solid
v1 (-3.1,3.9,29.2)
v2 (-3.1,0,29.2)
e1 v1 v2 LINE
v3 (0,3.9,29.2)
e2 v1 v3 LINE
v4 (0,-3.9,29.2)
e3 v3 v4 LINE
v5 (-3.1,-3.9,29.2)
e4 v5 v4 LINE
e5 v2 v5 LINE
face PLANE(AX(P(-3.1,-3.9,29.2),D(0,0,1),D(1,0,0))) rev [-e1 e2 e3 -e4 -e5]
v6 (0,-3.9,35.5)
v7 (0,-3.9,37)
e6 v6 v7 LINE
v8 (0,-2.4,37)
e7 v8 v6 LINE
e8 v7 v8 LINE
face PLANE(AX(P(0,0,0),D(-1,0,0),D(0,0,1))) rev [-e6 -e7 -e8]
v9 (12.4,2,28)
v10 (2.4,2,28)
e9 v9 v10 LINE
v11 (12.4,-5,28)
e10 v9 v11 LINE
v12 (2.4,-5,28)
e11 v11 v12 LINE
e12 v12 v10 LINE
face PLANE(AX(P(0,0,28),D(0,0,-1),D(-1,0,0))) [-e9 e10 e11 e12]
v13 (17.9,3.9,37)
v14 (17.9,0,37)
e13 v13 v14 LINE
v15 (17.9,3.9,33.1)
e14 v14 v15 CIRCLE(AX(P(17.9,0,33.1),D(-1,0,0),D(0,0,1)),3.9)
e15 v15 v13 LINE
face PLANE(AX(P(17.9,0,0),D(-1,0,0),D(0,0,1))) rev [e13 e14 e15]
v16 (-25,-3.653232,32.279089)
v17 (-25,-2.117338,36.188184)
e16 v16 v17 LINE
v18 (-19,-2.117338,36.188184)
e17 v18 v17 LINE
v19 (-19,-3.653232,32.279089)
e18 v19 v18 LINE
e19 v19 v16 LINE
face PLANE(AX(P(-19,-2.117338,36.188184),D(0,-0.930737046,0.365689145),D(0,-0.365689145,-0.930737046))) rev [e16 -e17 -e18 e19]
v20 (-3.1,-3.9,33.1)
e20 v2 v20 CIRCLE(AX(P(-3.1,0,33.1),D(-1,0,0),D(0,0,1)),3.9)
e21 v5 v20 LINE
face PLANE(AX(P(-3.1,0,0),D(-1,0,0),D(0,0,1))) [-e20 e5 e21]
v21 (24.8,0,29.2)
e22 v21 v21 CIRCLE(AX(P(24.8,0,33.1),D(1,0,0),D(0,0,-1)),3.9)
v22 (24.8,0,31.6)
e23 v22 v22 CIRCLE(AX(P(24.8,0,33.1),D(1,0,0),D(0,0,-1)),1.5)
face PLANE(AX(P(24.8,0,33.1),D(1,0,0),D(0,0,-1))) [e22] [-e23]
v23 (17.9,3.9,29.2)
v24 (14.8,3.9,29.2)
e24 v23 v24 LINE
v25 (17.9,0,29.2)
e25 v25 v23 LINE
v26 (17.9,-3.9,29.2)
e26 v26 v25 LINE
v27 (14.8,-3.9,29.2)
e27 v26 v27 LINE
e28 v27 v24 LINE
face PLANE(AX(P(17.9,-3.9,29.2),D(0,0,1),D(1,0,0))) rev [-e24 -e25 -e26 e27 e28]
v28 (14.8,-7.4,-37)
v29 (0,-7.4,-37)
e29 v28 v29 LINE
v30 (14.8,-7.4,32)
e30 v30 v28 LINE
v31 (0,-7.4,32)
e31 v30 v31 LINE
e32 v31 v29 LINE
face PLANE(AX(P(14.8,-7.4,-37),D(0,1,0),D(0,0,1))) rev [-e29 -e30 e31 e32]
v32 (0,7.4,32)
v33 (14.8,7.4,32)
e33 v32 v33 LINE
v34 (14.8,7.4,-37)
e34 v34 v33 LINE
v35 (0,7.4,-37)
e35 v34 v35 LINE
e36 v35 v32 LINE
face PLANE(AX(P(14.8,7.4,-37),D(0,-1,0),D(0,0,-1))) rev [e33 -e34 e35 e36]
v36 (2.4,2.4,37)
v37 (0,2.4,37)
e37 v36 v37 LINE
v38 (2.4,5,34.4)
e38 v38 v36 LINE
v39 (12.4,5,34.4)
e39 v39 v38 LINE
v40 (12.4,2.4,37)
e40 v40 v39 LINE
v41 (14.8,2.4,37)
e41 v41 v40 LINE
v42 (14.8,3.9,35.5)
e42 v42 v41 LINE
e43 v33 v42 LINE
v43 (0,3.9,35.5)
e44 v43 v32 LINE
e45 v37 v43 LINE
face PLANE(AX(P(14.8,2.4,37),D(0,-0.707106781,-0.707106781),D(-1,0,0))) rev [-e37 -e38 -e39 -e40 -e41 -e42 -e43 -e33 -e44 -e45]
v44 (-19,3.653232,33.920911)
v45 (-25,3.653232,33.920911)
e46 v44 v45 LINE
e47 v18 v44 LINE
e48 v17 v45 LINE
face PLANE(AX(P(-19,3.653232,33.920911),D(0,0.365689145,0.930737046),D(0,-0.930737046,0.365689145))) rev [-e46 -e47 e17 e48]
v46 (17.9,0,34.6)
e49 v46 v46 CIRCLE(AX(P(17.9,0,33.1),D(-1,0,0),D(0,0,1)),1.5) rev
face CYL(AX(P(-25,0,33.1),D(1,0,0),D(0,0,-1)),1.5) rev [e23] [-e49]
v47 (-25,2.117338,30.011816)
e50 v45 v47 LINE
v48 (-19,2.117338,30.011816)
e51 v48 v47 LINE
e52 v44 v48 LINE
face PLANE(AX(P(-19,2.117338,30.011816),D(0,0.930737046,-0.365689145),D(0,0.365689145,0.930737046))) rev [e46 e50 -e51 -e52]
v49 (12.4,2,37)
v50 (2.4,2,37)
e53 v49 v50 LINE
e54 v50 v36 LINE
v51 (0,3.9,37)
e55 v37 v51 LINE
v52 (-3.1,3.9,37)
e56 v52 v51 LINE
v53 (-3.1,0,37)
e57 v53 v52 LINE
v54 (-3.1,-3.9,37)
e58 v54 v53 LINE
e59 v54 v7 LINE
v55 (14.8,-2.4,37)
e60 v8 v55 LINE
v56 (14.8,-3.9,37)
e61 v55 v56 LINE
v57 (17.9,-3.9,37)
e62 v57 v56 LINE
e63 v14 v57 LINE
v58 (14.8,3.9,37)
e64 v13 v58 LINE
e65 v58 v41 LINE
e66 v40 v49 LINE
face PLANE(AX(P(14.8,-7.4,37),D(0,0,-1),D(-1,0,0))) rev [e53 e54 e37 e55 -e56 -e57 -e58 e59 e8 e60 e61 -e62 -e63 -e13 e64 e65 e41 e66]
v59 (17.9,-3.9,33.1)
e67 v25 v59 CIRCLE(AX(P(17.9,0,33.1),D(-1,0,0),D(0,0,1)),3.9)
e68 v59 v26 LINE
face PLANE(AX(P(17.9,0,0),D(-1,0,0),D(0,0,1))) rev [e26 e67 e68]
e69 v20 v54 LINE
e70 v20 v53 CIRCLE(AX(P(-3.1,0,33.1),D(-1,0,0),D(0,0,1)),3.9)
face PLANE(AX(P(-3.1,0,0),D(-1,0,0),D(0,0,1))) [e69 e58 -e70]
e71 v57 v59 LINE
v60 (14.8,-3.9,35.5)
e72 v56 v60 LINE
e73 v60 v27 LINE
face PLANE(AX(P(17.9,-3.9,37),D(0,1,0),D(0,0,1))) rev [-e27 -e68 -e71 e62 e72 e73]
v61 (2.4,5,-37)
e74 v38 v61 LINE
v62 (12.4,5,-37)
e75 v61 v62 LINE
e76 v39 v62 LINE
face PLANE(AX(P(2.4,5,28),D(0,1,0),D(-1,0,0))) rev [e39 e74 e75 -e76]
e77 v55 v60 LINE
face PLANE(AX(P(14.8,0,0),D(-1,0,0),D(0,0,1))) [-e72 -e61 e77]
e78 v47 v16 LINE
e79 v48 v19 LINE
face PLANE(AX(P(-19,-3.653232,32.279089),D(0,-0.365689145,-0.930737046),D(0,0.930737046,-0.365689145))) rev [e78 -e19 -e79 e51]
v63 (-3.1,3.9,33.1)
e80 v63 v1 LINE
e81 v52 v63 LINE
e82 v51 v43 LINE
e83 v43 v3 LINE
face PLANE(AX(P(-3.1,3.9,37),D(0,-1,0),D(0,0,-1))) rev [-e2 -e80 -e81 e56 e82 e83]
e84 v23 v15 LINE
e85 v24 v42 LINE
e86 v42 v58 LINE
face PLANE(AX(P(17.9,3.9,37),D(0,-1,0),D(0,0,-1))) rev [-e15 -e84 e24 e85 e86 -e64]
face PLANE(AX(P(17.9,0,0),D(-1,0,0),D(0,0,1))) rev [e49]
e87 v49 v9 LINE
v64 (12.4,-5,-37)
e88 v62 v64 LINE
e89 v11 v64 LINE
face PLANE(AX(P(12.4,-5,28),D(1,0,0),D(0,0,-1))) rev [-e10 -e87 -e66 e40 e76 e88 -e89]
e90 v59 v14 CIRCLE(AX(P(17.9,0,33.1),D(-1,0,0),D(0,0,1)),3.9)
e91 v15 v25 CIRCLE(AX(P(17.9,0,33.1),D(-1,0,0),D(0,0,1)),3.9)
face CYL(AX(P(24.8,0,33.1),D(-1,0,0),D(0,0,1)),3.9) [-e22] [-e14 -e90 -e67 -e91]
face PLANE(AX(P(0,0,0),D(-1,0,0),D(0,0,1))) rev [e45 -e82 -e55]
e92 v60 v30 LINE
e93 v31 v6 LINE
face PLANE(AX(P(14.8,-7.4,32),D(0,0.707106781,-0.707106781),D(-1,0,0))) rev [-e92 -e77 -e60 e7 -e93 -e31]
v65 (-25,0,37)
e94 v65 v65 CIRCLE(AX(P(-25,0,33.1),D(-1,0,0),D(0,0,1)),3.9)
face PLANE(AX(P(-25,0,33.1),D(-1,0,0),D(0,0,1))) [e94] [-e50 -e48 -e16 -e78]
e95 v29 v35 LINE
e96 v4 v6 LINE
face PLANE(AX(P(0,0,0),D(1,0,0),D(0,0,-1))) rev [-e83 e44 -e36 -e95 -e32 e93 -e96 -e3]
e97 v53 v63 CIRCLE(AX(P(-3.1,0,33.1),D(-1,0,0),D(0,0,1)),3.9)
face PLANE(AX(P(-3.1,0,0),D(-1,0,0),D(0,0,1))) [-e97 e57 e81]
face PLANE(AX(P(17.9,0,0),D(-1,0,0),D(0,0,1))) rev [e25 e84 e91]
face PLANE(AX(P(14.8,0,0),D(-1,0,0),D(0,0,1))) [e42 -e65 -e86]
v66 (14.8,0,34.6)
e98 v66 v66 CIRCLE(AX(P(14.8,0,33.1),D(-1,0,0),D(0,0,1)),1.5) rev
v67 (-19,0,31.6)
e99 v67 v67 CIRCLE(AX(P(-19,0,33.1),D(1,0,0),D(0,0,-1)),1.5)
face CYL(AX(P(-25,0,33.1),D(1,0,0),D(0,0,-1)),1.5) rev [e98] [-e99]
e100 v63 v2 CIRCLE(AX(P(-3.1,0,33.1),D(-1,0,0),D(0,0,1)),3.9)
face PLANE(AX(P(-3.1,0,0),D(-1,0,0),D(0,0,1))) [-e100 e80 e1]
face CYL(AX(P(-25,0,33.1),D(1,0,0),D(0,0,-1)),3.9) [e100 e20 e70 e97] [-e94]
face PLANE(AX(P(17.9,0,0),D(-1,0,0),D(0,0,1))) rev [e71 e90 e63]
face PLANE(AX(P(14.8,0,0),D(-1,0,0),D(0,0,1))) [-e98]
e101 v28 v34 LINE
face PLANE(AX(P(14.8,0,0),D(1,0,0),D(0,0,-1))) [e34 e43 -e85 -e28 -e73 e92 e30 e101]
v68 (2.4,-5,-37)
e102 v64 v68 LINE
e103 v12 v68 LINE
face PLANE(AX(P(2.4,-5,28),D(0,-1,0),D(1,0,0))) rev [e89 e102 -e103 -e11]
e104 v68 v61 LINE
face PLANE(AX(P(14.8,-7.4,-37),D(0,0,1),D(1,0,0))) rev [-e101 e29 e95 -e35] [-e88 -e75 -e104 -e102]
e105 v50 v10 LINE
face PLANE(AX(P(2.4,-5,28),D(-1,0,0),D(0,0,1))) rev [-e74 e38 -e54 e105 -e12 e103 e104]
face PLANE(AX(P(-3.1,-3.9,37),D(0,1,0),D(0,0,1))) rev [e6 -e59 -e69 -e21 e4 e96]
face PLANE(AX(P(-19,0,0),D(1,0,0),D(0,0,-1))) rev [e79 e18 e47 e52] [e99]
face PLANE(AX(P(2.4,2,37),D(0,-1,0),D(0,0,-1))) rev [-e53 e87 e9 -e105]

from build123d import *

# Parameters (mm, degrees)
SKETCH_1_W          = 74
SKETCH_1_H          = 14.8
EXTRUDE_1_DEPTH     = 14.8
SKETCH_2_W          = 10
SKETCH_2_H          = 10
CUT_EXTRUDE_1_DEPTH = 65
SKETCH_3_R          = 3.9
EXTRUDE_2_DEPTH     = 10
SKETCH_4_R          = 3.9
EXTRUDE_3_DEPTH     = 25
CHAMFER_1_SIZE      = 5
CUT_EXTRUDE_2_DEPTH = 6
SKETCH_8_R          = 1.5
CUT_EXTRUDE_4_DEPTH = 50.8
SKETCH_9_W          = 7.8
SKETCH_9_H          = 7.8
SKETCH_9_R          = 1.5
EXTRUDE_4_DEPTH     = 3.1
SKETCH_10_W         = 7.8
SKETCH_10_H         = 7.8
EXTRUDE_5_DEPTH     = 3.1
SKETCH_11_W         = 10
SKETCH_11_H         = 3
CUT_EXTRUDE_5_DEPTH = 10


with BuildPart() as part:
    # Эскиз1 → Бобышка-Вытянуть1 (new body)
    with BuildSketch(Plane(origin=(0, 0, 0), x_dir=(0, 0, -1), z_dir=(1, 0, 0))):
        Rectangle(SKETCH_1_W, SKETCH_1_H)
    extrude(amount=EXTRUDE_1_DEPTH)

    # Эскиз2 → Вырез-Вытянуть1 (cut)
    with BuildSketch(Plane(origin=(0, 0, -37), x_dir=(-1, 0, 0), z_dir=(0, 0, -1))):
        with Locations((-7.4, 0)):
            Rectangle(SKETCH_2_W, SKETCH_2_H)
    extrude(amount=-CUT_EXTRUDE_1_DEPTH, mode=Mode.SUBTRACT)

    # Эскиз3 → Бобышка-Вытянуть2 (add)
    with BuildSketch(Plane(origin=(14.8, 0, 0), x_dir=(0, 0, -1), z_dir=(1, 0, 0))):
        with Locations(Location((-33.1, 0, 0), (0, 0, 180))):  # turned: the seam where the file's is
            Circle(SKETCH_3_R)
    extrude(amount=EXTRUDE_2_DEPTH)

    # Эскиз4 → Бобышка-Вытянуть3 (add)
    with BuildSketch(Plane.ZY):
        with Locations((33.1, 0)):
            Circle(SKETCH_4_R)
    extrude(amount=EXTRUDE_3_DEPTH)

    # Фаска1
    chamfer_1_edges = [part.edges().sort_by_distance(p)[0] for p in [
        (7.4, 7.4, 37),
        (7.4, -7.4, 37),
    ]]
    chamfer(chamfer_1_edges, length=CHAMFER_1_SIZE)

    # Эскиз5 → Вырез-Вытянуть2 (cut)
    with BuildSketch(Plane.ZY.offset(25)):
        Polygon((30.011815854, 2.11733764), (33.920911448, 3.653232048), (36.188184146, -2.11733764), (32.279088552, -3.653232048), align=None)
    extrude(amount=-CUT_EXTRUDE_2_DEPTH, mode=Mode.SUBTRACT)

    # Эскиз8 → Вырез-Вытянуть4 (cut, through all)
    with BuildSketch(Plane(origin=(24.8, 0, 0), x_dir=(0, 0, -1), z_dir=(1, 0, 0))):
        with Locations((-33.1, 0)):
            Circle(SKETCH_8_R)
    extrude(amount=-CUT_EXTRUDE_4_DEPTH, mode=Mode.SUBTRACT)

    # Эскиз9 → Бобышка-Вытянуть4 (add)
    with BuildSketch(Plane.ZY):
        with Locations((33.1, 0)):
            Rectangle(SKETCH_9_W, SKETCH_9_H)
        with Locations(Location((33.1, 0, 0), (0, 0, 180))):  # turned: the seam where the file's is
            Circle(SKETCH_9_R, mode=Mode.SUBTRACT)
    extrude(amount=EXTRUDE_4_DEPTH)

    # Эскиз10 → Бобышка-Вытянуть5 (add)
    with BuildSketch(Plane(origin=(14.8, 0, 0), x_dir=(0, 0, -1), z_dir=(1, 0, 0))):
        with Locations((-33.1, 0)):
            Rectangle(SKETCH_10_W, SKETCH_10_H)
    extrude(amount=EXTRUDE_5_DEPTH)

    # Эскиз11 → Вырез-Вытянуть5 (cut, through all)
    with BuildSketch(Plane(origin=(0, 0, 28), x_dir=(-1, 0, 0), z_dir=(0, 0, -1))):
        with Locations((-7.4, 3.5)):
            Rectangle(SKETCH_11_W, SKETCH_11_H)
    extrude(amount=-CUT_EXTRUDE_5_DEPTH, mode=Mode.SUBTRACT)


solid = part.part
